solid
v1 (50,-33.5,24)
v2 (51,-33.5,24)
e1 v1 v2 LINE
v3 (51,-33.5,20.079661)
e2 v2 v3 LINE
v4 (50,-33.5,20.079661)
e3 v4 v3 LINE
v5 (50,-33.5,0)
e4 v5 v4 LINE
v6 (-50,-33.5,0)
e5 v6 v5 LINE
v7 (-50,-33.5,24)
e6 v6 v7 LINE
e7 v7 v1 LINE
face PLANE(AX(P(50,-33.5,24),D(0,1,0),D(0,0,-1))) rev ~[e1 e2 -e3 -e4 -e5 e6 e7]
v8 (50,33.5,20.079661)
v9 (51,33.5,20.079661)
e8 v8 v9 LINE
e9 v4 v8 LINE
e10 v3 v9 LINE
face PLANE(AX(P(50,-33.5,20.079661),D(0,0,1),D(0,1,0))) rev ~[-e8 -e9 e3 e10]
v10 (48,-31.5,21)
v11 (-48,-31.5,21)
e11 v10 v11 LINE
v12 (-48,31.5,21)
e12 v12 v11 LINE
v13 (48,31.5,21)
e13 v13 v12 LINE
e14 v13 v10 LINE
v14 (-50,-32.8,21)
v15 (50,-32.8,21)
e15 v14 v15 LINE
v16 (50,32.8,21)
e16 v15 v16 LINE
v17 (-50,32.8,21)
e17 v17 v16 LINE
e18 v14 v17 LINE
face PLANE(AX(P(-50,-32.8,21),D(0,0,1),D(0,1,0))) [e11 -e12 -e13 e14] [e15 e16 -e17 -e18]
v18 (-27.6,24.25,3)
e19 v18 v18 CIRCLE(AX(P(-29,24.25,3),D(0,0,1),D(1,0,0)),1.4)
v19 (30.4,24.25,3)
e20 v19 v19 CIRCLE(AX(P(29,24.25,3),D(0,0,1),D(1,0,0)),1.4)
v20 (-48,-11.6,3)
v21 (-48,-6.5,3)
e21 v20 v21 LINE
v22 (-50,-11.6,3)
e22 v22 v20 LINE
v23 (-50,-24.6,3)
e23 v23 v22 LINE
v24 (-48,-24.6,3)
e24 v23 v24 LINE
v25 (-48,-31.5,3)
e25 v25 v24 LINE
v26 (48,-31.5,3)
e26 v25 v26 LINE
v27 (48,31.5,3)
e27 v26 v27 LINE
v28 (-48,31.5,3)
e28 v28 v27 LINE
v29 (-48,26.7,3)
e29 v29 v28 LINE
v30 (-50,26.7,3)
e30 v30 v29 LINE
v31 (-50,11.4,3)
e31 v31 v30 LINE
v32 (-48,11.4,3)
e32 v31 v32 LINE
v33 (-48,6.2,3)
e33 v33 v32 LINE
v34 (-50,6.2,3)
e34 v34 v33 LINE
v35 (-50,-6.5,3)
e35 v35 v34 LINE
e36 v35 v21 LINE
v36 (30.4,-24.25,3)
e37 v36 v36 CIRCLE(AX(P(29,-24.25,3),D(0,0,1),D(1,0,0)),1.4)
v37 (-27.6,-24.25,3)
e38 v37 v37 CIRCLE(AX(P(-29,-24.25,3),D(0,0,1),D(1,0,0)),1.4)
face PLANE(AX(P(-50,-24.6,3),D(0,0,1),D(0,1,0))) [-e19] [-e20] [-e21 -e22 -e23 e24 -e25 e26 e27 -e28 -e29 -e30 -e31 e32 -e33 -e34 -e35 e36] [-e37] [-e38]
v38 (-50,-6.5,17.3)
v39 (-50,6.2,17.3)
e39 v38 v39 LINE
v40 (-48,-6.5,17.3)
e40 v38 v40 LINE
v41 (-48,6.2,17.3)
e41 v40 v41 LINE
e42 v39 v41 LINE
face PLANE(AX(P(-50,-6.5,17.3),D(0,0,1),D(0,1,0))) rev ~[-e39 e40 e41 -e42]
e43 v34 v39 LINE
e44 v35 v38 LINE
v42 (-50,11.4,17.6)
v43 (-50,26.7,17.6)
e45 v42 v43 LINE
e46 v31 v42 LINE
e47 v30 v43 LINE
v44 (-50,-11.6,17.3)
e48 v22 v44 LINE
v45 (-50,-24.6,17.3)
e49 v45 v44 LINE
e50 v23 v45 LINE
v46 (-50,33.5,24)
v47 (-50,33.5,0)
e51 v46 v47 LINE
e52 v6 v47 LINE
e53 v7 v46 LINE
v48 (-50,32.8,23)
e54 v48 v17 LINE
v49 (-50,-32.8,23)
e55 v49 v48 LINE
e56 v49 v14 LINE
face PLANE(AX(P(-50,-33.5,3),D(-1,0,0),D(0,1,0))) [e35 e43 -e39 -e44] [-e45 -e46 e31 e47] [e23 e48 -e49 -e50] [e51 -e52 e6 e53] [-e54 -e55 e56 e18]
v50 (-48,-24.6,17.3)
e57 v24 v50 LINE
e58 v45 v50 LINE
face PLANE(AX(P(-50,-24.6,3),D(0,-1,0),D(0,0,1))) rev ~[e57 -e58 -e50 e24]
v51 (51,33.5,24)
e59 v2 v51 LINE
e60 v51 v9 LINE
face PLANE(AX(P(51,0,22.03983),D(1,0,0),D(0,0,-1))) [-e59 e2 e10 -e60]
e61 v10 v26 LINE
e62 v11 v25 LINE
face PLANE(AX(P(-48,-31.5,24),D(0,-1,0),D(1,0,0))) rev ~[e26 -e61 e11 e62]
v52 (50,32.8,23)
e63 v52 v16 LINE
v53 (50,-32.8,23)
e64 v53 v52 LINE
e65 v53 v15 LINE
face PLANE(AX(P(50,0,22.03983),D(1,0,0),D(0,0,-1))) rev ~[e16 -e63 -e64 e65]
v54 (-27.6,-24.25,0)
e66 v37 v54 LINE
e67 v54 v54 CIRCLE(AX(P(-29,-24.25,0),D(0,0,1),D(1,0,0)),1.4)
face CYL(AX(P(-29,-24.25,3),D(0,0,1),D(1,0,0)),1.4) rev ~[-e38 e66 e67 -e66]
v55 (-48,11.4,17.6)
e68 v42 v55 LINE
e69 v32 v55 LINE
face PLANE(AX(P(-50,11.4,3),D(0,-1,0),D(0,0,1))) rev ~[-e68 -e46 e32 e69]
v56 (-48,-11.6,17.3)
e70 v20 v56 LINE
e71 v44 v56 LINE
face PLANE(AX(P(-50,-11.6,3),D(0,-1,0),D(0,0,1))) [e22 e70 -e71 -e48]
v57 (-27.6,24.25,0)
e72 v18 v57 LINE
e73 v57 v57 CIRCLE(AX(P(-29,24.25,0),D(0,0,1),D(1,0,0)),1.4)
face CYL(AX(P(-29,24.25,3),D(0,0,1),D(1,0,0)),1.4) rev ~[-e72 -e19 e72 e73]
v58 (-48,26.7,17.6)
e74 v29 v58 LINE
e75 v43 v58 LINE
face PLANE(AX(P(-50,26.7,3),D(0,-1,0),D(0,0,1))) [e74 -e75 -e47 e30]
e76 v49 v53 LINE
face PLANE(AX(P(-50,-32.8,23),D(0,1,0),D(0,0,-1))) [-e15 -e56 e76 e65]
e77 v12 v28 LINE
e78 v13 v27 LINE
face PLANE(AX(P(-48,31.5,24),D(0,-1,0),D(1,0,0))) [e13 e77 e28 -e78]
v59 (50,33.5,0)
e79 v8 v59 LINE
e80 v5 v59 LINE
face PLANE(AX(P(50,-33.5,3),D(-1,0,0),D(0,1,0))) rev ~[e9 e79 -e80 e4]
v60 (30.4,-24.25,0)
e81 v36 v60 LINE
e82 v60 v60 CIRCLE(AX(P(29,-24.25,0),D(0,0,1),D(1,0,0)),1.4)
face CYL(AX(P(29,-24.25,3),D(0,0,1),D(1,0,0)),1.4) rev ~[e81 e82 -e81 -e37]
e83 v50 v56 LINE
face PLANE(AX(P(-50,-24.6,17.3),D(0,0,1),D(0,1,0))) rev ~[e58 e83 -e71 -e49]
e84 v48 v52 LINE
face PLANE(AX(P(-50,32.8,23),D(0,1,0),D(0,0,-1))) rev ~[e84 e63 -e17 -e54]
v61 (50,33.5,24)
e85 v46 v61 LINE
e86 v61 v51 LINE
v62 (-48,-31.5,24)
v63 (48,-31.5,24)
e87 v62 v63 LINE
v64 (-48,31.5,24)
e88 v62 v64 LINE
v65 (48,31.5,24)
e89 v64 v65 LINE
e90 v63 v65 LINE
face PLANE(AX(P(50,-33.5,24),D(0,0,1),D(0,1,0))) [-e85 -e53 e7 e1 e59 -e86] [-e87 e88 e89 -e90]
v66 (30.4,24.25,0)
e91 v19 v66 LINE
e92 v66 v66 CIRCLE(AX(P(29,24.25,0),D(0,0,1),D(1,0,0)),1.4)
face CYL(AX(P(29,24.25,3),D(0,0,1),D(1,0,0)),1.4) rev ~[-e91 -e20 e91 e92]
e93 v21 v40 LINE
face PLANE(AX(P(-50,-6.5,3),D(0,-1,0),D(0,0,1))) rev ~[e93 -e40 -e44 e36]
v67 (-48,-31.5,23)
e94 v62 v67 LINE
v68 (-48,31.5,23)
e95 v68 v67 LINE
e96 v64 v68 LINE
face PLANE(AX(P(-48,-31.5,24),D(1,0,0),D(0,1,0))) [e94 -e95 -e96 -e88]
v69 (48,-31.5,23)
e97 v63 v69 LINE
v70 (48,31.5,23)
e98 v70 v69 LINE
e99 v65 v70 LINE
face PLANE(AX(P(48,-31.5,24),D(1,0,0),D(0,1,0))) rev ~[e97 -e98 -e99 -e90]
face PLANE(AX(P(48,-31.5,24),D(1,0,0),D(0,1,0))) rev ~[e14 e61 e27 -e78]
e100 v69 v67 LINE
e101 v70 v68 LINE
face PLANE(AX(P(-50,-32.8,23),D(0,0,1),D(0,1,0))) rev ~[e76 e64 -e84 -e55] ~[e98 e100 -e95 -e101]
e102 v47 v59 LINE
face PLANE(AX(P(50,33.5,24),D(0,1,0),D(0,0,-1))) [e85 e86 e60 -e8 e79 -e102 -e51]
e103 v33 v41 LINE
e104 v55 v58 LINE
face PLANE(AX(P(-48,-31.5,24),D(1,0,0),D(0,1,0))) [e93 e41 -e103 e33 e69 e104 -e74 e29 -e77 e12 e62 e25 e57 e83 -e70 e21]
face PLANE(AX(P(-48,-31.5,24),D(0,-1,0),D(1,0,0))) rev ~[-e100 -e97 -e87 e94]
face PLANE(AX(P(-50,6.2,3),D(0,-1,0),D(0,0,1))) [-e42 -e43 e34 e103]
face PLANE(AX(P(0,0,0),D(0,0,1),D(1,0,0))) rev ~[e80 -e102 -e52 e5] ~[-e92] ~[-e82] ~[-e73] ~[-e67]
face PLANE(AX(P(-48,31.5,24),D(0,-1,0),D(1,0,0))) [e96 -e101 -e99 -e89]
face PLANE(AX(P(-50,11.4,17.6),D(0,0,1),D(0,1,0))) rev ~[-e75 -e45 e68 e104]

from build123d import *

# Parameters (mm, degrees)
SKETCH2_W           = 100
SKETCH2_H           = 67
BOSS_EXTRUDE1_DEPTH = 3
SKETCH3_W           = 100
SKETCH3_H           = 67
BOSS_EXTRUDE2_DEPTH = 21
SKETCH4_W           = 96
SKETCH4_H           = 63
CUT_EXTRUDE1_DEPTH  = 21
SKETCH5_R           = 1.4
CUT_EXTRUDE2_DEPTH  = 3
SKETCH9_W           = 14.3
SKETCH9_H           = 13
SKETCH9_H_2         = 12.7
SKETCH9_W_2         = 14.6
SKETCH9_H_3         = 15.3
CUT_EXTRUDE5_DEPTH  = 2
CUT_EXTRUDE7_START  = -100
SKETCH12_W          = 2
SKETCH12_H          = 65.6
CUT_EXTRUDE7_DEPTH  = 100
SKETCH16_W          = 3.920339225
SKETCH16_H          = 67
BOSS_EXTRUDE3_DEPTH = 1


with BuildPart() as part:
    # Sketch2 → Boss-Extrude1 (new body)
    with BuildSketch(Plane.XY):
        Rectangle(SKETCH2_W, SKETCH2_H)
    extrude(amount=BOSS_EXTRUDE1_DEPTH)

    # Sketch3 → Boss-Extrude2 (add)
    with BuildSketch(Plane.XY.offset(3)):
        Rectangle(SKETCH3_W, SKETCH3_H)
    extrude(amount=BOSS_EXTRUDE2_DEPTH)

    # Sketch4 → Cut-Extrude1 (cut)
    with BuildSketch(Plane.XY.offset(24)):
        Rectangle(SKETCH4_W, SKETCH4_H)
    extrude(amount=-CUT_EXTRUDE1_DEPTH, mode=Mode.SUBTRACT)

    # Sketch5 → Cut-Extrude2 (cut)
    with BuildSketch(Plane.XY.offset(3)):
        with Locations((-29, 24.25)):
            Circle(SKETCH5_R)
        with Locations((29, 24.25)):
            Circle(SKETCH5_R)
        with Locations((29, -24.25)):
            Circle(SKETCH5_R)
        with Locations((-29, -24.25)):
            Circle(SKETCH5_R)
    extrude(amount=-CUT_EXTRUDE2_DEPTH, mode=Mode.SUBTRACT)

    # Sketch9 → Cut-Extrude5 (cut)
    with BuildSketch(Plane.ZY.offset(50)):
        with Locations((10.15, -18.1)):
            Rectangle(SKETCH9_W, SKETCH9_H)
        with Locations((10.15, -0.15)):
            Rectangle(SKETCH9_W, SKETCH9_H_2)
        with Locations((10.3, 19.05)):
            Rectangle(SKETCH9_W_2, SKETCH9_H_3)
    extrude(amount=-CUT_EXTRUDE5_DEPTH, mode=Mode.SUBTRACT)

    # Sketch12 → Cut-Extrude7 (cut)
    with BuildSketch(Plane(origin=(50, 0, 0), x_dir=(0, 0, -1), z_dir=(1, 0, 0)).offset(CUT_EXTRUDE7_START)):
        with Locations((-22, 0)):
            Rectangle(SKETCH12_W, SKETCH12_H)
    extrude(amount=CUT_EXTRUDE7_DEPTH, mode=Mode.SUBTRACT)

    # Sketch16 → Boss-Extrude3 (add)
    with BuildSketch(Plane(origin=(50, 0, 0), x_dir=(0, 0, -1), z_dir=(1, 0, 0))):
        with Locations((-22.039830388, 0)):
            Rectangle(SKETCH16_W, SKETCH16_H)
    extrude(amount=BOSS_EXTRUDE3_DEPTH)


solid = part.part
